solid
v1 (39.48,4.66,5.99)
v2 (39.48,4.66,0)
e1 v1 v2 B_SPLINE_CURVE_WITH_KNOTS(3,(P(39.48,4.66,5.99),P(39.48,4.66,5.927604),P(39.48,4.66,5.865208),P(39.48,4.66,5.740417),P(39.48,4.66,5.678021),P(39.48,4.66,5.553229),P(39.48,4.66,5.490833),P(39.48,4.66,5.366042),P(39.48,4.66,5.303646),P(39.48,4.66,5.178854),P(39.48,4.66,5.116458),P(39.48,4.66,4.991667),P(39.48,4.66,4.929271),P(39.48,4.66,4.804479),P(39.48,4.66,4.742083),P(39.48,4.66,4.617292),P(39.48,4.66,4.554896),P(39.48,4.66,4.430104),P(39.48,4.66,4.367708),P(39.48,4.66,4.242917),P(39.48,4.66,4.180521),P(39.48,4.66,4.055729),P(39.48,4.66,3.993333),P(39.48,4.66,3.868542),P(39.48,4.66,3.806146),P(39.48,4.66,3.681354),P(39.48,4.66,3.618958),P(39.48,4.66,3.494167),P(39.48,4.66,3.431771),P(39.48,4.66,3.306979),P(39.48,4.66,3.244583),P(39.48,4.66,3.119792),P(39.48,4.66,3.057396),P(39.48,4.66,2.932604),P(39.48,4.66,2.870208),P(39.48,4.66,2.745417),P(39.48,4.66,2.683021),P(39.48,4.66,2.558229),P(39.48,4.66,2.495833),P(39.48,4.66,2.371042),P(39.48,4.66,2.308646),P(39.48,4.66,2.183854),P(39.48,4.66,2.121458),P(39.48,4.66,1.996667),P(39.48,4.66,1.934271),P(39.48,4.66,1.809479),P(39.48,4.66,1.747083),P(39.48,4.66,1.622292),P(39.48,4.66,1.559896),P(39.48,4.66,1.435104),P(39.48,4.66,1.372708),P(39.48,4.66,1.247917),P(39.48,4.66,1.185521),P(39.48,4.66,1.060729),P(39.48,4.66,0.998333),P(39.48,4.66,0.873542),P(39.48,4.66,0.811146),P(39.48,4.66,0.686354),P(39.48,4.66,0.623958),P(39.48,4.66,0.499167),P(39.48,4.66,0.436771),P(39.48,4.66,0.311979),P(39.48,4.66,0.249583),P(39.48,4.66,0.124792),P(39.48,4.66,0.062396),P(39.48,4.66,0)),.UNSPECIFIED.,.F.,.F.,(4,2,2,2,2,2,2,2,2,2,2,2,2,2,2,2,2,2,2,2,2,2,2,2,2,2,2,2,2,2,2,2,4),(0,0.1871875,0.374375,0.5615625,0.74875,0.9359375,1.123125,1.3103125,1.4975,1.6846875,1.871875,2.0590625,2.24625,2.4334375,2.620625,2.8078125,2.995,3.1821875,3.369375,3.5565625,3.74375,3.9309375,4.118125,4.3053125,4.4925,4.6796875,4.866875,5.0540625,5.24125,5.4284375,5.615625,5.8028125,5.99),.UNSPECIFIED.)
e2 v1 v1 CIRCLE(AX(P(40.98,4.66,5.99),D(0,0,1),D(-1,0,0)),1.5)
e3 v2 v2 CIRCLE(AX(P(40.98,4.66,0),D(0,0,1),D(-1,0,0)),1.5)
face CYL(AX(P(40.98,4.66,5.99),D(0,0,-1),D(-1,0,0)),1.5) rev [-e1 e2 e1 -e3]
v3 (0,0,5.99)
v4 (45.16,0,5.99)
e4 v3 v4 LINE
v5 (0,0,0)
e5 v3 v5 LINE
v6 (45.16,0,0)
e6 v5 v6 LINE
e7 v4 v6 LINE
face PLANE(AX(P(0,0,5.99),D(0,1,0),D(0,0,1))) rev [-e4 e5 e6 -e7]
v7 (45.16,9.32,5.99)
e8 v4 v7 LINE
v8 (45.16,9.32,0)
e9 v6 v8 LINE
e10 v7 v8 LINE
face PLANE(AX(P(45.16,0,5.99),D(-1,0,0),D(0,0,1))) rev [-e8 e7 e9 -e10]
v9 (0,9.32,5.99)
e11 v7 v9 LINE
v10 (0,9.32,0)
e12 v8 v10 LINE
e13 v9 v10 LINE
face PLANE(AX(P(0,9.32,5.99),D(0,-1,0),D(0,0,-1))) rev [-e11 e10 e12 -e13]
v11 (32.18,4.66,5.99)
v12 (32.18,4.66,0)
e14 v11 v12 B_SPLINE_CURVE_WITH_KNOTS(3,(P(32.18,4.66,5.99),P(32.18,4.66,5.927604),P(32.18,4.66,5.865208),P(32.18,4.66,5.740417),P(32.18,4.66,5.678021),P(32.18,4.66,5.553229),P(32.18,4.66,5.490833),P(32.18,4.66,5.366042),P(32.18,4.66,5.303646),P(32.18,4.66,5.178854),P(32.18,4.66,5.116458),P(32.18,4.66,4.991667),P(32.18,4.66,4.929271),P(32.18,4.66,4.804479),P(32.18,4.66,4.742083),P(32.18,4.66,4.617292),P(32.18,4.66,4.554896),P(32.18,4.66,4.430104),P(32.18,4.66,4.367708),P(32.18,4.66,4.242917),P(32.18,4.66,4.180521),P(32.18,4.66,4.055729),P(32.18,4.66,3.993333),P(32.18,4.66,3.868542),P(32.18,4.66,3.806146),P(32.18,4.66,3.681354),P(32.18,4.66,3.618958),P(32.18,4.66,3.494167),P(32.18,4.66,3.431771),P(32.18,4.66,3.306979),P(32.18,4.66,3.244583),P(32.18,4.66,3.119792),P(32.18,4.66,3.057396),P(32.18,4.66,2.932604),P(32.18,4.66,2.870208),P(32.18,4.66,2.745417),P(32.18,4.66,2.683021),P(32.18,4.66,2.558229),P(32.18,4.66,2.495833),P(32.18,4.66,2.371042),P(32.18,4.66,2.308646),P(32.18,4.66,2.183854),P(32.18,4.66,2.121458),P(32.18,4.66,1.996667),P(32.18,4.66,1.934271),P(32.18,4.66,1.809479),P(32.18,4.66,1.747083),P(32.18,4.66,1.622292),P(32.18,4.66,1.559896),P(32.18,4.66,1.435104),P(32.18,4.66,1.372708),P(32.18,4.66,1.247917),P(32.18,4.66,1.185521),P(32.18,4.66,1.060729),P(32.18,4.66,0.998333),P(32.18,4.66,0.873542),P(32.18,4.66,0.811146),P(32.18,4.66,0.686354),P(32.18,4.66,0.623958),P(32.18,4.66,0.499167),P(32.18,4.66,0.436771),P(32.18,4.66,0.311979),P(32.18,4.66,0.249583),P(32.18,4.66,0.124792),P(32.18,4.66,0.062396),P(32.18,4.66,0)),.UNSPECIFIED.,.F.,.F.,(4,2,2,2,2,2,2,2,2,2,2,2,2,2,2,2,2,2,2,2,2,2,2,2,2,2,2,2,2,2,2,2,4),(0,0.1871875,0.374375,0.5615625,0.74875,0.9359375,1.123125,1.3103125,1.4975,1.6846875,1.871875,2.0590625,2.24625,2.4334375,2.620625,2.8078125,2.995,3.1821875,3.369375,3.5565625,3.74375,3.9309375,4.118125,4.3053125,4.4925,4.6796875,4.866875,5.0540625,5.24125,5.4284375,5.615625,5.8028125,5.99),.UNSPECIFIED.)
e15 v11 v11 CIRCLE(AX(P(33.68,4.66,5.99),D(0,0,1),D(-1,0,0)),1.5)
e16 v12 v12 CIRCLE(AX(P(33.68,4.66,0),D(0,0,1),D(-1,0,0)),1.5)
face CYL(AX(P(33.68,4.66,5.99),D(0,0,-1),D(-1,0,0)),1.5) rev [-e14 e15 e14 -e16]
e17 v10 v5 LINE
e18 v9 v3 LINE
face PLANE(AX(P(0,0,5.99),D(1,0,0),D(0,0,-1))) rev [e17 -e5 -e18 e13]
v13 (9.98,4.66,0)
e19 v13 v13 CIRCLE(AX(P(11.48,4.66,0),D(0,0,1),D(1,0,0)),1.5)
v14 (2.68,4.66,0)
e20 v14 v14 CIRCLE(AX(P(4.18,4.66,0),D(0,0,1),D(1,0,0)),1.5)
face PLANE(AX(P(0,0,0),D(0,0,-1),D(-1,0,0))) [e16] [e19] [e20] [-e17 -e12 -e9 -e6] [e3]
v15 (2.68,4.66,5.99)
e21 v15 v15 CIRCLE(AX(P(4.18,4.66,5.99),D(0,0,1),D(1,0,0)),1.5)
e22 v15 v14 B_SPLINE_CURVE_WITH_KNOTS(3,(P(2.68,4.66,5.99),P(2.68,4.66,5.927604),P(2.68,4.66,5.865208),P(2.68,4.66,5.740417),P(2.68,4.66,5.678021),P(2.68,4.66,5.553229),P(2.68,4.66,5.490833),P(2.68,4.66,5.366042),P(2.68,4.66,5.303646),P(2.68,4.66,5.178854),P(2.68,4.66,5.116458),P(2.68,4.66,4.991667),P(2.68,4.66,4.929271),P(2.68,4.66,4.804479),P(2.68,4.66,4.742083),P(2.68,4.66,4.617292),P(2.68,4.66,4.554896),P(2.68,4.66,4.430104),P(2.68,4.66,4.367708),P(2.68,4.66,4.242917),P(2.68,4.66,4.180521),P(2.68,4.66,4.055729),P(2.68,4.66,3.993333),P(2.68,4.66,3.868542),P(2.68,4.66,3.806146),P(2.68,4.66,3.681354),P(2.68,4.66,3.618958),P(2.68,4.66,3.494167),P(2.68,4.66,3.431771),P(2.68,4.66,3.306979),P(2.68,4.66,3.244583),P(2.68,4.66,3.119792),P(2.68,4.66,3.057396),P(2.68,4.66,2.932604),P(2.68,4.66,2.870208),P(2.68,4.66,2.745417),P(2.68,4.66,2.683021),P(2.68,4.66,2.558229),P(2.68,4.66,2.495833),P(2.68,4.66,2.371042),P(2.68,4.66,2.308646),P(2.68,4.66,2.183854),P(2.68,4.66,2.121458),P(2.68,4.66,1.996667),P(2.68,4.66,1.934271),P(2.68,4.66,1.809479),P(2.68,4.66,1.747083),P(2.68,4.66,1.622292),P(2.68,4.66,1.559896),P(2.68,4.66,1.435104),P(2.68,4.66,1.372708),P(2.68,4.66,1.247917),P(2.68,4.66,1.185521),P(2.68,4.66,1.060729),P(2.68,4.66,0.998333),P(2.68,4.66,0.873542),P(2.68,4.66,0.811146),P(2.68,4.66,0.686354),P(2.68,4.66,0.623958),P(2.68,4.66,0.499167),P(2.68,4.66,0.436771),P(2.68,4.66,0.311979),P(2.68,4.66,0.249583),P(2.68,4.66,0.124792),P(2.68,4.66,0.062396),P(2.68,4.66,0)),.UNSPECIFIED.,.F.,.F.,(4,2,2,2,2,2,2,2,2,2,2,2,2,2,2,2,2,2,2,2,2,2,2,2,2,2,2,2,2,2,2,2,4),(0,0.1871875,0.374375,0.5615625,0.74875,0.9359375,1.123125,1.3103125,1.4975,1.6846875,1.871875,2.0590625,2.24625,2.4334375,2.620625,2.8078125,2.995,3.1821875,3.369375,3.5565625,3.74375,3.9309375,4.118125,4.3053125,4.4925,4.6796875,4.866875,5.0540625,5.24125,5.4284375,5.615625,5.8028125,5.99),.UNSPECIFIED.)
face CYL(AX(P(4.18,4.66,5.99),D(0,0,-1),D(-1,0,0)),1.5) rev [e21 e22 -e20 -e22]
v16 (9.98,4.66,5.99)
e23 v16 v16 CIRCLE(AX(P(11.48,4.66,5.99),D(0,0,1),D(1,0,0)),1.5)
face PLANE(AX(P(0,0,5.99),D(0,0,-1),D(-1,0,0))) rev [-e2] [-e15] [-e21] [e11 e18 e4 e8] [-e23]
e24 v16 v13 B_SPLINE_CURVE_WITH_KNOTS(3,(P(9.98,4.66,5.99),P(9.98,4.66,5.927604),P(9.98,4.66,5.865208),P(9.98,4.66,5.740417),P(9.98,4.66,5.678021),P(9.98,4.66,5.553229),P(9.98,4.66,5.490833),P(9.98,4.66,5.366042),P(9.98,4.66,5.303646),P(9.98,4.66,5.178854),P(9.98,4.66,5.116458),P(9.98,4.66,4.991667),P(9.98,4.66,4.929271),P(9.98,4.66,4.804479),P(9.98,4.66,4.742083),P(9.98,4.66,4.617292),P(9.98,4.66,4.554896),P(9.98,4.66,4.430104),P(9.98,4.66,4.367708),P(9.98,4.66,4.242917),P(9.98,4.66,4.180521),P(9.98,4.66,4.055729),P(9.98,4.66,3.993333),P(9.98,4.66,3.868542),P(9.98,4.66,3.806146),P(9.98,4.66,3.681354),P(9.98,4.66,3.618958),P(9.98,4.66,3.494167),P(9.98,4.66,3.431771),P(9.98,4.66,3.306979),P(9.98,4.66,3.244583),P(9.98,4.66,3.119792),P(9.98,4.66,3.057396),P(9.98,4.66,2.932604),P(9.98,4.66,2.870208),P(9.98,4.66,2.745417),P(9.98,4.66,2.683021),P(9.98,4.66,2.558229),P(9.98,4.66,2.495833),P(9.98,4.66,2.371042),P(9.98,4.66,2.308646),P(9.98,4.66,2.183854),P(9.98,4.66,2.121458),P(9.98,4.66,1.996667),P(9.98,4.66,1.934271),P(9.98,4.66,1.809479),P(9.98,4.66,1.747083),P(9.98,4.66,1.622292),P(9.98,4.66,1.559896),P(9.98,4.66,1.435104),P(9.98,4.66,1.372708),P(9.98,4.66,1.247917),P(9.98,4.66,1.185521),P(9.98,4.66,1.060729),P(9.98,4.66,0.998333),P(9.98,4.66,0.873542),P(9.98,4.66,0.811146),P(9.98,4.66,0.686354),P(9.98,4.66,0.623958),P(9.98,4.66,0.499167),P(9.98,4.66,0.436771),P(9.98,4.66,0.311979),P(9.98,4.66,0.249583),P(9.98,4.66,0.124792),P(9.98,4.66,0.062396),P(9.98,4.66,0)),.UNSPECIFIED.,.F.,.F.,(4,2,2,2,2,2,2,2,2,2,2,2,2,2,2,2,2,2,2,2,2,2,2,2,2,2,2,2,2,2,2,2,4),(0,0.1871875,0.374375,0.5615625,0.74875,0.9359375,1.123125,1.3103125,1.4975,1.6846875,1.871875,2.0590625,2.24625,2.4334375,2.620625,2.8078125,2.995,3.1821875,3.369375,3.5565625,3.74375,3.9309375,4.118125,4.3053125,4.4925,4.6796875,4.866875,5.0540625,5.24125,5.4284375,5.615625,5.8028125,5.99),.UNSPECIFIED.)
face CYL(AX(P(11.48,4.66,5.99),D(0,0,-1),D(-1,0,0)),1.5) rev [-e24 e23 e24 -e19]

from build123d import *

# Parameters (mm, degrees)
CROQUIS1_W              = 45.16
CROQUIS1_H              = 9.32
CROQUIS1_R              = 1.5
SALIENTE_EXTRUIR1_DEPTH = 5.99


with BuildPart() as part:
    # Croquis1 → Saliente-Extruir1 (new body)
    with BuildSketch(Plane.XY):
        with Locations((22.58, 4.66)):
            Rectangle(CROQUIS1_W, CROQUIS1_H)
        with Locations(Location((4.18, 4.66, 0), (0, 0, 180))):
            Circle(CROQUIS1_R, mode=Mode.SUBTRACT)
        with Locations(Location((11.48, 4.66, 0), (0, 0, 180))):
            Circle(CROQUIS1_R, mode=Mode.SUBTRACT)
        with Locations(Location((40.98, 4.66, 0), (0, 0, 180))):
            Circle(CROQUIS1_R, mode=Mode.SUBTRACT)
        with Locations(Location((33.68, 4.66, 0), (0, 0, 180))):
            Circle(CROQUIS1_R, mode=Mode.SUBTRACT)
    extrude(amount=SALIENTE_EXTRUIR1_DEPTH)


solid = part.part
